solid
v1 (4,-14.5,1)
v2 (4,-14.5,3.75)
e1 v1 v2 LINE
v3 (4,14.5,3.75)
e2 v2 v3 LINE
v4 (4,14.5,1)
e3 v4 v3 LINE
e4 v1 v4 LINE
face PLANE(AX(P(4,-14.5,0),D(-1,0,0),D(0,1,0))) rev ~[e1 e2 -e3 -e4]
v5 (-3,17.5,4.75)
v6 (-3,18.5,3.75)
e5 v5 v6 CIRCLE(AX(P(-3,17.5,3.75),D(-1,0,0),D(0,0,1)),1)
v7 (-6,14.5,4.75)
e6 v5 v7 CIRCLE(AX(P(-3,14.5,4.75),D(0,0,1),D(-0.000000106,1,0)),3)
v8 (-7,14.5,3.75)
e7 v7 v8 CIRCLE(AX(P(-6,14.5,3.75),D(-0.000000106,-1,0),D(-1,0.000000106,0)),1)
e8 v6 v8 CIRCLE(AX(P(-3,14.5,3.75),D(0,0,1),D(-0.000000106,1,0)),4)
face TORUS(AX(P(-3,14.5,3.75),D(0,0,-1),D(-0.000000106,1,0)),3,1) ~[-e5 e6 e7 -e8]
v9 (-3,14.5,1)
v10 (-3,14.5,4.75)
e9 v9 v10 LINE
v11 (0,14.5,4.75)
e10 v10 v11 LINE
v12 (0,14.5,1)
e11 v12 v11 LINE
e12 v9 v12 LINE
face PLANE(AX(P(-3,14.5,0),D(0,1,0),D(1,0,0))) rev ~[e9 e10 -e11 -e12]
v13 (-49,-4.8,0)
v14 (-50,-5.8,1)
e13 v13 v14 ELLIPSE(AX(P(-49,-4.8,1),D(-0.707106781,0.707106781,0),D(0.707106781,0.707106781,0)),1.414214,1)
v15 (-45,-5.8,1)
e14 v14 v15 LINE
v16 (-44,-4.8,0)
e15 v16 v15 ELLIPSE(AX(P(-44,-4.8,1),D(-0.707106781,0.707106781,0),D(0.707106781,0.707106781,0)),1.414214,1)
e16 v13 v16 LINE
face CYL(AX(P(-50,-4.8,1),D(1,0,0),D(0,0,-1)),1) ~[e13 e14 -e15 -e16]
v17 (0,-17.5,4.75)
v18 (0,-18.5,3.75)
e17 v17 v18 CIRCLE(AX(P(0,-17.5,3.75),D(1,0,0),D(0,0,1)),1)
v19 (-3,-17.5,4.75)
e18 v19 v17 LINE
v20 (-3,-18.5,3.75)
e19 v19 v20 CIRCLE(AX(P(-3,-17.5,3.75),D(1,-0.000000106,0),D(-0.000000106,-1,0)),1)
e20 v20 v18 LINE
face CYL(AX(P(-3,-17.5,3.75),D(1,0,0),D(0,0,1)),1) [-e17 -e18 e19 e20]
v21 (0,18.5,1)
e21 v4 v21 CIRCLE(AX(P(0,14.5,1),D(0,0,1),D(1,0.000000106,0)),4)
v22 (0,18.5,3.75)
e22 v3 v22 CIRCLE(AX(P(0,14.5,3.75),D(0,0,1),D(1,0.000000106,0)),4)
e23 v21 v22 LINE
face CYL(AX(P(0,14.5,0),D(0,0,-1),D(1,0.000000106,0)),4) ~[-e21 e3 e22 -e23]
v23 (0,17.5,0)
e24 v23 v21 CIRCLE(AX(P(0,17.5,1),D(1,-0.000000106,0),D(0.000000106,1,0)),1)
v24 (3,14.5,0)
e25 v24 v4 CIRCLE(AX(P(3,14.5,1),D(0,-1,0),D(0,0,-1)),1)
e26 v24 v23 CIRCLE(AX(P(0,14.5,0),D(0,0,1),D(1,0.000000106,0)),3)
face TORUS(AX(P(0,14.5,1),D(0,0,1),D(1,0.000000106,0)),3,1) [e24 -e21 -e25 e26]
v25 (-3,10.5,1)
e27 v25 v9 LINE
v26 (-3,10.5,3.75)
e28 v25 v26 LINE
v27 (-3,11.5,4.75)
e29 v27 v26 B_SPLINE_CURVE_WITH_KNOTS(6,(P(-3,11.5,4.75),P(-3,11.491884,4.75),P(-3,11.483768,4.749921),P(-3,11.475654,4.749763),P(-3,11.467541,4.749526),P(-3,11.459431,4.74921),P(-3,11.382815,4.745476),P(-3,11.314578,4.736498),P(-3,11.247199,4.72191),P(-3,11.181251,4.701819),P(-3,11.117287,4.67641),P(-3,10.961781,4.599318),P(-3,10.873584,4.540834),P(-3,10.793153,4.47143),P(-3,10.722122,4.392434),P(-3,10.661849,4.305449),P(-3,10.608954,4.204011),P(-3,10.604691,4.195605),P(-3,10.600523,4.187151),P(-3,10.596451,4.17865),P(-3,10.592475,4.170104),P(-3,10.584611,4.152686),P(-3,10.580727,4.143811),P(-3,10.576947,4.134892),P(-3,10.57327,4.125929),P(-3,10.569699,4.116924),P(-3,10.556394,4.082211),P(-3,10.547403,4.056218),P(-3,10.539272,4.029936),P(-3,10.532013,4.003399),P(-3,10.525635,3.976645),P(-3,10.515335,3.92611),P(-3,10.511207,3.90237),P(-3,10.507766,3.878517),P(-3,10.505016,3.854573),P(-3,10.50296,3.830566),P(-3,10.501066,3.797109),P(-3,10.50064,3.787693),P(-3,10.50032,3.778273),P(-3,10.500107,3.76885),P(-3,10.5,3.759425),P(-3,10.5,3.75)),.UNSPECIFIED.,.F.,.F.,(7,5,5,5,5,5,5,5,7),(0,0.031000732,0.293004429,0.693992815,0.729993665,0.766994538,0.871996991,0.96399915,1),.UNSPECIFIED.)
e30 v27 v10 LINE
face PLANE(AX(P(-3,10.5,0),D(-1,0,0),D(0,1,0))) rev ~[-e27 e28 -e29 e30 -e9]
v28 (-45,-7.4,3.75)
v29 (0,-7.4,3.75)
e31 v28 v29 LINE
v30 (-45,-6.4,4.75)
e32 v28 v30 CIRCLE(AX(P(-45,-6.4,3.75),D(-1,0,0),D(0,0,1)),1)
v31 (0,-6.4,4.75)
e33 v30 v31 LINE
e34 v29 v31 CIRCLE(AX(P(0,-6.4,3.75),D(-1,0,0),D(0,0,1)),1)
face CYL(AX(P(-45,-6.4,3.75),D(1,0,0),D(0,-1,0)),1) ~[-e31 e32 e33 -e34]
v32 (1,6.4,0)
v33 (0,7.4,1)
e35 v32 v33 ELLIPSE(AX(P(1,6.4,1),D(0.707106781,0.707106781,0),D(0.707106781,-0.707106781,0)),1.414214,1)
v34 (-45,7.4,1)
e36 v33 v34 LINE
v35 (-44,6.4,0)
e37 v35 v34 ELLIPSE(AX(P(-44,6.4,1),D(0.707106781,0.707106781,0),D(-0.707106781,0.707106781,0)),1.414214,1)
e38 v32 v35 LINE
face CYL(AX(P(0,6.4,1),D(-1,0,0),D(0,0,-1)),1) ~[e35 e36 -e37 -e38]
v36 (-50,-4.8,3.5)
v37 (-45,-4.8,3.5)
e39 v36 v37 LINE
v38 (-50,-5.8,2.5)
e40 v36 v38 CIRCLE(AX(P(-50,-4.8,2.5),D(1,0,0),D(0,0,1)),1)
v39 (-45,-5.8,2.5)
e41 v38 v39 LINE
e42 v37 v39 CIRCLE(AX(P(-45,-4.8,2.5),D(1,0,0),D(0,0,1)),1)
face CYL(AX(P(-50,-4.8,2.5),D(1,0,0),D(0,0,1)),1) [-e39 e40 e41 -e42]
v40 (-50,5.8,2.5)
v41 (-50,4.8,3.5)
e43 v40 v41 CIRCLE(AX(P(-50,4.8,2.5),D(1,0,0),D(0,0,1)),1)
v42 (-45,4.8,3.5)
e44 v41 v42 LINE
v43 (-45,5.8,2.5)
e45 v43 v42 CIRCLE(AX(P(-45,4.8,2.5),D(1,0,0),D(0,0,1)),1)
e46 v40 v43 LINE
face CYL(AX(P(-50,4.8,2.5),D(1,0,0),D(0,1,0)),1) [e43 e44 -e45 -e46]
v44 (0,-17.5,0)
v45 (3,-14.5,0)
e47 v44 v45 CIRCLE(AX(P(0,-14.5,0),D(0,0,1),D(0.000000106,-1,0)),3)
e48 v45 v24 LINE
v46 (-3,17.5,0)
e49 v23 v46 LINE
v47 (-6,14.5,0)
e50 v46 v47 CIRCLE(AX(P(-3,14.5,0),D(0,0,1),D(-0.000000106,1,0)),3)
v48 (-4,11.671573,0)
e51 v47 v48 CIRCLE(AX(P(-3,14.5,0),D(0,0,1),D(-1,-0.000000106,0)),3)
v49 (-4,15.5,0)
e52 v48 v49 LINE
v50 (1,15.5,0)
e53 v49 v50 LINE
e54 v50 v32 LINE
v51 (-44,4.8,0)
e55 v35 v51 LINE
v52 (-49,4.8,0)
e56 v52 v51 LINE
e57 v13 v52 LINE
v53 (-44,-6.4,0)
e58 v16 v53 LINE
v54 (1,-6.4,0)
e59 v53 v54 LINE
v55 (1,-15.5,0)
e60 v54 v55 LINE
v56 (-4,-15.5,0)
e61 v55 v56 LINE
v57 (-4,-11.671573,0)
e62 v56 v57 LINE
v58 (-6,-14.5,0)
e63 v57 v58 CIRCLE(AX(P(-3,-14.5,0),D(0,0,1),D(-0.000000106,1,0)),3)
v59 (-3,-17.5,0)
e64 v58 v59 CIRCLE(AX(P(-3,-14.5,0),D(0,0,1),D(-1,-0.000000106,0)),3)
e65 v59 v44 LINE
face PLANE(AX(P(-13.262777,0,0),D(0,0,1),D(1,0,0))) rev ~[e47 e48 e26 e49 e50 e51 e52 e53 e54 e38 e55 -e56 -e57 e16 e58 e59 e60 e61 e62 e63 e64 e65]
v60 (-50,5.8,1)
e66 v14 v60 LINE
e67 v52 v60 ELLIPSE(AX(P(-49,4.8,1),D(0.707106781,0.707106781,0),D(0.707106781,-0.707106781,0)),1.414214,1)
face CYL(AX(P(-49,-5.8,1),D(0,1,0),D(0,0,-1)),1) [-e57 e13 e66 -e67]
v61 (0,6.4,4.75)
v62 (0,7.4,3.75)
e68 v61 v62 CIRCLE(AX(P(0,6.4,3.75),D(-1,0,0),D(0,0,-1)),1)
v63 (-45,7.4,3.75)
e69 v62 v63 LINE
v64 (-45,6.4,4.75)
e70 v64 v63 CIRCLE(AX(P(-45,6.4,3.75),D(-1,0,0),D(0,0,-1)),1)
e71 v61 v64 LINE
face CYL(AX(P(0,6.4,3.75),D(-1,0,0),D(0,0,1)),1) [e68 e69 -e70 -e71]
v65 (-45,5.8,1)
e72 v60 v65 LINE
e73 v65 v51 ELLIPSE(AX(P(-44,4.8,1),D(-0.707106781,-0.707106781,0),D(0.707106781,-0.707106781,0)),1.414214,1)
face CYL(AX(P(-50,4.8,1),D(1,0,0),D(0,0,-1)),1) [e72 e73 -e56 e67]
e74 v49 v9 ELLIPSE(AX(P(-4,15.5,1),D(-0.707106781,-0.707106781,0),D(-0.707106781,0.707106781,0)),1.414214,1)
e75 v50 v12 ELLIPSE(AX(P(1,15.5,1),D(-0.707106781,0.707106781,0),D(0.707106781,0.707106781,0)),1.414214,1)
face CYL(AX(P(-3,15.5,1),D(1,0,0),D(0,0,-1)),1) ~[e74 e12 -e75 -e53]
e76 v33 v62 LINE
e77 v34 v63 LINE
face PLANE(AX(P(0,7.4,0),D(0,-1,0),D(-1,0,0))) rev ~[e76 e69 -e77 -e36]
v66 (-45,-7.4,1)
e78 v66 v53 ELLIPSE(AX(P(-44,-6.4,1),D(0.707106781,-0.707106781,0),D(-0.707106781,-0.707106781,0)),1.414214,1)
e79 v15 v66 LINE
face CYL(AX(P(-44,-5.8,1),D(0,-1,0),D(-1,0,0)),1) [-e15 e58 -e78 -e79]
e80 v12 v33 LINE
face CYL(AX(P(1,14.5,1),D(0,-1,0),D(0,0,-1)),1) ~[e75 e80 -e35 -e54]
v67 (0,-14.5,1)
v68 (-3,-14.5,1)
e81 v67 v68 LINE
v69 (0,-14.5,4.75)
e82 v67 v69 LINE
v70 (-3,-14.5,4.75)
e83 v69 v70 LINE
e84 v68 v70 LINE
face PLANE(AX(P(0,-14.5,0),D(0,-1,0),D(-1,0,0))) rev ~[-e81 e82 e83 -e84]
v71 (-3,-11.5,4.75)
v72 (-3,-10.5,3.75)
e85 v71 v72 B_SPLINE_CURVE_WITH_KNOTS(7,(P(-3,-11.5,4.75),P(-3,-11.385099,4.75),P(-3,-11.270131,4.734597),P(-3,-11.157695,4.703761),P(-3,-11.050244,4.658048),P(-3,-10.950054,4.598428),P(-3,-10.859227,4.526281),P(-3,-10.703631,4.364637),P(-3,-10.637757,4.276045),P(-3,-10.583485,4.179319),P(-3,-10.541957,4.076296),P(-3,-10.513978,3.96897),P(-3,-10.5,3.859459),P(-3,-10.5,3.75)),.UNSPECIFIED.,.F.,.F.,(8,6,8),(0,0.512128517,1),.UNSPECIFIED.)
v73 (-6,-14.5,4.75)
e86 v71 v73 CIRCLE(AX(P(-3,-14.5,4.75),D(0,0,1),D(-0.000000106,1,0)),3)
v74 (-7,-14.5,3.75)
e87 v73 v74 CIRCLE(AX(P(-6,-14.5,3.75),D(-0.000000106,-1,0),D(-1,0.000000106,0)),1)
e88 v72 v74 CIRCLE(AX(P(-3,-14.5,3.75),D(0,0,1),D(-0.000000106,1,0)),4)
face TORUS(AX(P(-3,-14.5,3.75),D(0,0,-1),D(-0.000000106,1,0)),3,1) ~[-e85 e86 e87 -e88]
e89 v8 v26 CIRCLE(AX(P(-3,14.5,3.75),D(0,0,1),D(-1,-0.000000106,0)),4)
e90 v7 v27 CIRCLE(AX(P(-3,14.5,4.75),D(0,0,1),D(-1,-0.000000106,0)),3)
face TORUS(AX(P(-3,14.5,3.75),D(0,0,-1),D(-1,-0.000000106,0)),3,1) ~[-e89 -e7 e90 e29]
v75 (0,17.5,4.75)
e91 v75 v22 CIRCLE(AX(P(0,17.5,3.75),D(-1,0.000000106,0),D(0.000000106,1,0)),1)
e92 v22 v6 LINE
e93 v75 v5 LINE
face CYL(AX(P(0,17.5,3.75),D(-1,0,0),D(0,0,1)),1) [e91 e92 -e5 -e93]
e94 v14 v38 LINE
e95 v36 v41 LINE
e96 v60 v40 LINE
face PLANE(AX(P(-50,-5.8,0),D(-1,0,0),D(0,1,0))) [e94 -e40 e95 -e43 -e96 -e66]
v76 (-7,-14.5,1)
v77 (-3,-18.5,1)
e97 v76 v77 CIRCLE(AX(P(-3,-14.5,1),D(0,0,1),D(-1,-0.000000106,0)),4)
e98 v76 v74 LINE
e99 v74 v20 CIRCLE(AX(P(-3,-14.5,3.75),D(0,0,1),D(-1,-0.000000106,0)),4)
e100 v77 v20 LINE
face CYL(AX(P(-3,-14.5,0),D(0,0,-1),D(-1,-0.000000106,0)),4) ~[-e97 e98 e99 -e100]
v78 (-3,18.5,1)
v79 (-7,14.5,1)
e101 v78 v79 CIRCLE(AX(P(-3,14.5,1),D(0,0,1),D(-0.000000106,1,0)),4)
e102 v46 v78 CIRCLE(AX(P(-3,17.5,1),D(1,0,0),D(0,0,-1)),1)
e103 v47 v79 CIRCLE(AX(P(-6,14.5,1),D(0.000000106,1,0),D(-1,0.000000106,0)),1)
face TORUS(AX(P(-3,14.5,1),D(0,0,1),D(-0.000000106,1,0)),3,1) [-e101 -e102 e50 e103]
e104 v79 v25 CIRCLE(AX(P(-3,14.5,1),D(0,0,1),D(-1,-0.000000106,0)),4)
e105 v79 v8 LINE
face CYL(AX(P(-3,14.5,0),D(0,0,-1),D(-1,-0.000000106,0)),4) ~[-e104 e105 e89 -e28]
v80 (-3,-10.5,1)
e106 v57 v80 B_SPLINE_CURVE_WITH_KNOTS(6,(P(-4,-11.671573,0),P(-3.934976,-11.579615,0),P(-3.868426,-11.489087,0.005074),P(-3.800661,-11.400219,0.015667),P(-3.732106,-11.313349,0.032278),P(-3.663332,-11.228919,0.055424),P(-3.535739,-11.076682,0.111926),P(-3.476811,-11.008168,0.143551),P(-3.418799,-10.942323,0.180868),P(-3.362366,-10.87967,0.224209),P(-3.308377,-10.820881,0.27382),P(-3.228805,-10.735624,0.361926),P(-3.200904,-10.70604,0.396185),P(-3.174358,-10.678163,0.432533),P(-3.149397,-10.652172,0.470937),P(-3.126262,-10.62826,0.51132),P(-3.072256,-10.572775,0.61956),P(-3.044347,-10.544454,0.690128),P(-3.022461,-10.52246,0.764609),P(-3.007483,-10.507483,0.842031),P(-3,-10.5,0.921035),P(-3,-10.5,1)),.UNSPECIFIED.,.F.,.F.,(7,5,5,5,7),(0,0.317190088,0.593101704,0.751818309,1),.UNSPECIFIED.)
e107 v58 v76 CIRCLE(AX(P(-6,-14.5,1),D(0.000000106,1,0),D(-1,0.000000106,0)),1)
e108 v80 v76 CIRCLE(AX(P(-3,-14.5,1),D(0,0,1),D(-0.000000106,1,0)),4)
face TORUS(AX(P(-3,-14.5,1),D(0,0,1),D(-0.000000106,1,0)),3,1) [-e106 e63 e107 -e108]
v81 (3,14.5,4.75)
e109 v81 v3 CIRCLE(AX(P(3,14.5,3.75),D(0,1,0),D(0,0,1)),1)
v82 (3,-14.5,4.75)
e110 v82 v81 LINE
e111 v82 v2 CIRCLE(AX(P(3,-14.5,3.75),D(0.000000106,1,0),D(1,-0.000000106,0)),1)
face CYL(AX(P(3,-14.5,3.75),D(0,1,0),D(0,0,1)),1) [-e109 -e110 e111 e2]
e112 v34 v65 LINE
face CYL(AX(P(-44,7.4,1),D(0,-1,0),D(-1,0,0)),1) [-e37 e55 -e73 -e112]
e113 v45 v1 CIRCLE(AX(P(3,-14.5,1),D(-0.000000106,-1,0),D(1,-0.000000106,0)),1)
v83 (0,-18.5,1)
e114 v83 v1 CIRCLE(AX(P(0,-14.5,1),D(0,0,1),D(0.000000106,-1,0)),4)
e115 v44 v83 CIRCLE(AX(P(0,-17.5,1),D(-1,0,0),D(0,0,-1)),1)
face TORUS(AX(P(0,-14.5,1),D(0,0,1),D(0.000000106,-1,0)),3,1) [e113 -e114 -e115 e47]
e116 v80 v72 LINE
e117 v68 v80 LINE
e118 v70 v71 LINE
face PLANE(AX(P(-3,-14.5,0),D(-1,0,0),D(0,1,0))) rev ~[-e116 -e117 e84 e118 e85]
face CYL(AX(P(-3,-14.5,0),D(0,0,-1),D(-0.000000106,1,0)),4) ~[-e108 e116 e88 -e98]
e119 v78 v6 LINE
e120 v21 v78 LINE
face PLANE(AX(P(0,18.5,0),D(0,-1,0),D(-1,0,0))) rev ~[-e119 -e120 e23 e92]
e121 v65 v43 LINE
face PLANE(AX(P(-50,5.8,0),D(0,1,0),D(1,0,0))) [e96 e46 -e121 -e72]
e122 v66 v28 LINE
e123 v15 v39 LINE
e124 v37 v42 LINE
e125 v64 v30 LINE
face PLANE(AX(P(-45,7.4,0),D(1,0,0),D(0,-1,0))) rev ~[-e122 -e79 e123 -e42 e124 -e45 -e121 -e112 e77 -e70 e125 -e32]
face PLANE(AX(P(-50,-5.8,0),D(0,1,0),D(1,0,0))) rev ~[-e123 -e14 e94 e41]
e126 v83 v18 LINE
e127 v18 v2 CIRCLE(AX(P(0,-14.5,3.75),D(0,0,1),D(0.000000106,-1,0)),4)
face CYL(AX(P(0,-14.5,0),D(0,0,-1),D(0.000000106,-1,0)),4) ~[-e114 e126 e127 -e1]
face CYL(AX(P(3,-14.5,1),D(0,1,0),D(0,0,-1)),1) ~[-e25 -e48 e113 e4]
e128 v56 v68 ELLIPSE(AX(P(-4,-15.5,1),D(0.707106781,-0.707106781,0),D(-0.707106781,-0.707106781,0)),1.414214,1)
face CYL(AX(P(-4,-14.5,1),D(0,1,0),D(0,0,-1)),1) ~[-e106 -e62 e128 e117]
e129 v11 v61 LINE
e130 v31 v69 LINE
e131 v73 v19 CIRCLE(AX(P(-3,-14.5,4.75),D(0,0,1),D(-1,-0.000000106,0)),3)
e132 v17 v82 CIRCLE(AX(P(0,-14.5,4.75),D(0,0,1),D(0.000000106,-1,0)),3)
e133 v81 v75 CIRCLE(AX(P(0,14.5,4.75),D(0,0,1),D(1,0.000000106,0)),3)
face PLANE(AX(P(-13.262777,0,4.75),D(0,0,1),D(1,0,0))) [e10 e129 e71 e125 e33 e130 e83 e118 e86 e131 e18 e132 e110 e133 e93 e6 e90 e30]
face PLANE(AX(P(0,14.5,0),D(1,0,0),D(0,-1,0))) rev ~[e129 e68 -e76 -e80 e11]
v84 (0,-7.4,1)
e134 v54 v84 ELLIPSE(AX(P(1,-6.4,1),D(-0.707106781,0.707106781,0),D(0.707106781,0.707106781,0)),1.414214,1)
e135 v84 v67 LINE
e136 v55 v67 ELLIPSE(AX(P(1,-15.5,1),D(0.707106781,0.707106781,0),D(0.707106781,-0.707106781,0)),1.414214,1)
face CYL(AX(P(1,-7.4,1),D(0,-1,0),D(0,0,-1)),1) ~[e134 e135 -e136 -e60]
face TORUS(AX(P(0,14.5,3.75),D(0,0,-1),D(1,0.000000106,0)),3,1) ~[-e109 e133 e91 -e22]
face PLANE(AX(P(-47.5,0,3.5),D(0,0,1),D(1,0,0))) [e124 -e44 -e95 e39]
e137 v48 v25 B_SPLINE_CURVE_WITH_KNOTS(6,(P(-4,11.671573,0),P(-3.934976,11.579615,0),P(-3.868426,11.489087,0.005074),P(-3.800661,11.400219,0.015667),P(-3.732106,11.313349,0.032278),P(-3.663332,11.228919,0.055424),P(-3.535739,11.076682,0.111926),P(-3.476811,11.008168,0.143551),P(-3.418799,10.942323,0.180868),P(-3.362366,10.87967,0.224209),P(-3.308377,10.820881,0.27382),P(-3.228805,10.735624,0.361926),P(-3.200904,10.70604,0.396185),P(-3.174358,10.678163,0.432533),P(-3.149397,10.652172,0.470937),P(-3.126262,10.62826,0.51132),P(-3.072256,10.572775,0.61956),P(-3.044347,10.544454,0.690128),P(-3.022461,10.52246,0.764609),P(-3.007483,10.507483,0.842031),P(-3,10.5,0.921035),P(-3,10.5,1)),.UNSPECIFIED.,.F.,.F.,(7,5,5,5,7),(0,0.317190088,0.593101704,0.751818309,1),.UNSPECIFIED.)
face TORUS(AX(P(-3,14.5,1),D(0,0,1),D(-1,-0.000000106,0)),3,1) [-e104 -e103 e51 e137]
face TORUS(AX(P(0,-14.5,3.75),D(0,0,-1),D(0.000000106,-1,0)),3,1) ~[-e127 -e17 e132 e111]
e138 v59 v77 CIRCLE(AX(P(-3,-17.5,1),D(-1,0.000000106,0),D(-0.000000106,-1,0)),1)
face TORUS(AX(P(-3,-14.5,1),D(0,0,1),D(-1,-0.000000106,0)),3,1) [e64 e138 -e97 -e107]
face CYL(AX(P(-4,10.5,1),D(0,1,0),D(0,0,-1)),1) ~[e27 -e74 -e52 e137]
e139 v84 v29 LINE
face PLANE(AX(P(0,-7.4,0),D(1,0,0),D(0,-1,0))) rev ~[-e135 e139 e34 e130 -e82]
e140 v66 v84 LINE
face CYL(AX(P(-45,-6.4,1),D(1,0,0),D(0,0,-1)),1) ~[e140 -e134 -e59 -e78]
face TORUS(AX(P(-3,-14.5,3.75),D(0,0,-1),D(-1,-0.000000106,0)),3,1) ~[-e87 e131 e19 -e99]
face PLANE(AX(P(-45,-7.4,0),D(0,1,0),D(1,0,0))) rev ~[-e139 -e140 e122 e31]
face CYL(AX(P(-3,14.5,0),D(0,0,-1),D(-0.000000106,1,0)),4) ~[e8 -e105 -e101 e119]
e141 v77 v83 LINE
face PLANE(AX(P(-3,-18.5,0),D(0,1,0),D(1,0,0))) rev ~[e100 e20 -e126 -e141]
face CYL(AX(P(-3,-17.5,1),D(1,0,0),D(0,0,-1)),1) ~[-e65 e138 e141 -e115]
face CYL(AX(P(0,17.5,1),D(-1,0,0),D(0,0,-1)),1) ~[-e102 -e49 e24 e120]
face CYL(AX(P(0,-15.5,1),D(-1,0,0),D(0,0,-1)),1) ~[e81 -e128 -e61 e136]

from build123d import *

# Parameters (mm, degrees)
F1_DEPTH = 4.75
F0_W     = 5
F0_H     = 11.6
F2_DEPTH = 3.5
F3_R     = 1


with BuildPart() as f1:
    # F0 (on Top) → F1 (new body)
    with BuildSketch(Plane.XY):
        with BuildLine():
            Line((-45, 7.4), (-45, 5.8))
            Line((-45, 5.8), (-45, -5.8))
            Line((-45, -5.8), (-45, -7.4))
            Line((-45, -7.4), (0, -7.4))
            Line((0, -7.4), (0, -14.5))
            Line((0, -14.5), (-3, -14.5))
            Line((-3, -14.5), (-3, -10.5))
            ThreePointArc((-3, -10.5), (-5.828427, -11.671573), (-7, -14.5))
            ThreePointArc((-7, -14.5), (-5.828427, -17.328427), (-3, -18.5))
            Line((-3, -18.5), (0, -18.5))
            ThreePointArc((0, -18.5), (2.828427, -17.328427), (4, -14.5))
            Line((4, -14.5), (4, 0))
            Line((4, 0), (4, 14.5))
            ThreePointArc((4, 14.5), (2.828427, 17.328427), (0, 18.5))
            Line((0, 18.5), (-3, 18.5))
            ThreePointArc((-3, 18.5), (-5.828427, 17.328427), (-7, 14.5))
            ThreePointArc((-7, 14.5), (-5.828427, 11.671573), (-3, 10.5))
            Line((-3, 10.5), (-3, 14.5))
            Line((-3, 14.5), (0, 14.5))
            Line((0, 14.5), (0, 7.4))
            Line((0, 7.4), (-45, 7.4))
        make_face()
    extrude(amount=F1_DEPTH)

    # F0 (on Top) → F2 (join)
    with BuildSketch(Plane.XY):
        with Locations((-47.5, 0)):
            Rectangle(F0_W, F0_H)
    extrude(amount=F2_DEPTH)

    # F3
    f3_edges = [f1.edges().sort_by_distance(p)[0] for p in [
        (-47.5, -5.8, 3.5),
        (-47.5, 5.8, 3.5),
        (-22.5, -7.4, 4.75),
        (-22.5, 7.4, 4.75),
        (-7, 14.5, 4.75),
        (2.828427, 17.328427, 0),
        (-1.5, 18.5, 0),
        (-7, 14.5, 0),
        (-3, 12.5, 0),
        (-1.5, 14.5, 0),
        (0, 10.95, 0),
        (-22.5, 7.4, 0),
        (-45, 6.6, 0),
        (-47.5, 5.8, 0),
        (-50, 0, 0),
        (-47.5, -5.8, 0),
        (-45, -6.6, 0),
        (-22.5, -7.4, 0),
        (0, -10.95, 0),
        (-1.5, -14.5, 0),
        (-3, -12.5, 0),
        (-7, -14.5, 0),
        (-1.5, -18.5, 0),
        (2.828427, -17.328427, 0),
        (4, 0, 0),
    ]]
    fillet(f3_edges, radius=F3_R)


solid = f1.part
